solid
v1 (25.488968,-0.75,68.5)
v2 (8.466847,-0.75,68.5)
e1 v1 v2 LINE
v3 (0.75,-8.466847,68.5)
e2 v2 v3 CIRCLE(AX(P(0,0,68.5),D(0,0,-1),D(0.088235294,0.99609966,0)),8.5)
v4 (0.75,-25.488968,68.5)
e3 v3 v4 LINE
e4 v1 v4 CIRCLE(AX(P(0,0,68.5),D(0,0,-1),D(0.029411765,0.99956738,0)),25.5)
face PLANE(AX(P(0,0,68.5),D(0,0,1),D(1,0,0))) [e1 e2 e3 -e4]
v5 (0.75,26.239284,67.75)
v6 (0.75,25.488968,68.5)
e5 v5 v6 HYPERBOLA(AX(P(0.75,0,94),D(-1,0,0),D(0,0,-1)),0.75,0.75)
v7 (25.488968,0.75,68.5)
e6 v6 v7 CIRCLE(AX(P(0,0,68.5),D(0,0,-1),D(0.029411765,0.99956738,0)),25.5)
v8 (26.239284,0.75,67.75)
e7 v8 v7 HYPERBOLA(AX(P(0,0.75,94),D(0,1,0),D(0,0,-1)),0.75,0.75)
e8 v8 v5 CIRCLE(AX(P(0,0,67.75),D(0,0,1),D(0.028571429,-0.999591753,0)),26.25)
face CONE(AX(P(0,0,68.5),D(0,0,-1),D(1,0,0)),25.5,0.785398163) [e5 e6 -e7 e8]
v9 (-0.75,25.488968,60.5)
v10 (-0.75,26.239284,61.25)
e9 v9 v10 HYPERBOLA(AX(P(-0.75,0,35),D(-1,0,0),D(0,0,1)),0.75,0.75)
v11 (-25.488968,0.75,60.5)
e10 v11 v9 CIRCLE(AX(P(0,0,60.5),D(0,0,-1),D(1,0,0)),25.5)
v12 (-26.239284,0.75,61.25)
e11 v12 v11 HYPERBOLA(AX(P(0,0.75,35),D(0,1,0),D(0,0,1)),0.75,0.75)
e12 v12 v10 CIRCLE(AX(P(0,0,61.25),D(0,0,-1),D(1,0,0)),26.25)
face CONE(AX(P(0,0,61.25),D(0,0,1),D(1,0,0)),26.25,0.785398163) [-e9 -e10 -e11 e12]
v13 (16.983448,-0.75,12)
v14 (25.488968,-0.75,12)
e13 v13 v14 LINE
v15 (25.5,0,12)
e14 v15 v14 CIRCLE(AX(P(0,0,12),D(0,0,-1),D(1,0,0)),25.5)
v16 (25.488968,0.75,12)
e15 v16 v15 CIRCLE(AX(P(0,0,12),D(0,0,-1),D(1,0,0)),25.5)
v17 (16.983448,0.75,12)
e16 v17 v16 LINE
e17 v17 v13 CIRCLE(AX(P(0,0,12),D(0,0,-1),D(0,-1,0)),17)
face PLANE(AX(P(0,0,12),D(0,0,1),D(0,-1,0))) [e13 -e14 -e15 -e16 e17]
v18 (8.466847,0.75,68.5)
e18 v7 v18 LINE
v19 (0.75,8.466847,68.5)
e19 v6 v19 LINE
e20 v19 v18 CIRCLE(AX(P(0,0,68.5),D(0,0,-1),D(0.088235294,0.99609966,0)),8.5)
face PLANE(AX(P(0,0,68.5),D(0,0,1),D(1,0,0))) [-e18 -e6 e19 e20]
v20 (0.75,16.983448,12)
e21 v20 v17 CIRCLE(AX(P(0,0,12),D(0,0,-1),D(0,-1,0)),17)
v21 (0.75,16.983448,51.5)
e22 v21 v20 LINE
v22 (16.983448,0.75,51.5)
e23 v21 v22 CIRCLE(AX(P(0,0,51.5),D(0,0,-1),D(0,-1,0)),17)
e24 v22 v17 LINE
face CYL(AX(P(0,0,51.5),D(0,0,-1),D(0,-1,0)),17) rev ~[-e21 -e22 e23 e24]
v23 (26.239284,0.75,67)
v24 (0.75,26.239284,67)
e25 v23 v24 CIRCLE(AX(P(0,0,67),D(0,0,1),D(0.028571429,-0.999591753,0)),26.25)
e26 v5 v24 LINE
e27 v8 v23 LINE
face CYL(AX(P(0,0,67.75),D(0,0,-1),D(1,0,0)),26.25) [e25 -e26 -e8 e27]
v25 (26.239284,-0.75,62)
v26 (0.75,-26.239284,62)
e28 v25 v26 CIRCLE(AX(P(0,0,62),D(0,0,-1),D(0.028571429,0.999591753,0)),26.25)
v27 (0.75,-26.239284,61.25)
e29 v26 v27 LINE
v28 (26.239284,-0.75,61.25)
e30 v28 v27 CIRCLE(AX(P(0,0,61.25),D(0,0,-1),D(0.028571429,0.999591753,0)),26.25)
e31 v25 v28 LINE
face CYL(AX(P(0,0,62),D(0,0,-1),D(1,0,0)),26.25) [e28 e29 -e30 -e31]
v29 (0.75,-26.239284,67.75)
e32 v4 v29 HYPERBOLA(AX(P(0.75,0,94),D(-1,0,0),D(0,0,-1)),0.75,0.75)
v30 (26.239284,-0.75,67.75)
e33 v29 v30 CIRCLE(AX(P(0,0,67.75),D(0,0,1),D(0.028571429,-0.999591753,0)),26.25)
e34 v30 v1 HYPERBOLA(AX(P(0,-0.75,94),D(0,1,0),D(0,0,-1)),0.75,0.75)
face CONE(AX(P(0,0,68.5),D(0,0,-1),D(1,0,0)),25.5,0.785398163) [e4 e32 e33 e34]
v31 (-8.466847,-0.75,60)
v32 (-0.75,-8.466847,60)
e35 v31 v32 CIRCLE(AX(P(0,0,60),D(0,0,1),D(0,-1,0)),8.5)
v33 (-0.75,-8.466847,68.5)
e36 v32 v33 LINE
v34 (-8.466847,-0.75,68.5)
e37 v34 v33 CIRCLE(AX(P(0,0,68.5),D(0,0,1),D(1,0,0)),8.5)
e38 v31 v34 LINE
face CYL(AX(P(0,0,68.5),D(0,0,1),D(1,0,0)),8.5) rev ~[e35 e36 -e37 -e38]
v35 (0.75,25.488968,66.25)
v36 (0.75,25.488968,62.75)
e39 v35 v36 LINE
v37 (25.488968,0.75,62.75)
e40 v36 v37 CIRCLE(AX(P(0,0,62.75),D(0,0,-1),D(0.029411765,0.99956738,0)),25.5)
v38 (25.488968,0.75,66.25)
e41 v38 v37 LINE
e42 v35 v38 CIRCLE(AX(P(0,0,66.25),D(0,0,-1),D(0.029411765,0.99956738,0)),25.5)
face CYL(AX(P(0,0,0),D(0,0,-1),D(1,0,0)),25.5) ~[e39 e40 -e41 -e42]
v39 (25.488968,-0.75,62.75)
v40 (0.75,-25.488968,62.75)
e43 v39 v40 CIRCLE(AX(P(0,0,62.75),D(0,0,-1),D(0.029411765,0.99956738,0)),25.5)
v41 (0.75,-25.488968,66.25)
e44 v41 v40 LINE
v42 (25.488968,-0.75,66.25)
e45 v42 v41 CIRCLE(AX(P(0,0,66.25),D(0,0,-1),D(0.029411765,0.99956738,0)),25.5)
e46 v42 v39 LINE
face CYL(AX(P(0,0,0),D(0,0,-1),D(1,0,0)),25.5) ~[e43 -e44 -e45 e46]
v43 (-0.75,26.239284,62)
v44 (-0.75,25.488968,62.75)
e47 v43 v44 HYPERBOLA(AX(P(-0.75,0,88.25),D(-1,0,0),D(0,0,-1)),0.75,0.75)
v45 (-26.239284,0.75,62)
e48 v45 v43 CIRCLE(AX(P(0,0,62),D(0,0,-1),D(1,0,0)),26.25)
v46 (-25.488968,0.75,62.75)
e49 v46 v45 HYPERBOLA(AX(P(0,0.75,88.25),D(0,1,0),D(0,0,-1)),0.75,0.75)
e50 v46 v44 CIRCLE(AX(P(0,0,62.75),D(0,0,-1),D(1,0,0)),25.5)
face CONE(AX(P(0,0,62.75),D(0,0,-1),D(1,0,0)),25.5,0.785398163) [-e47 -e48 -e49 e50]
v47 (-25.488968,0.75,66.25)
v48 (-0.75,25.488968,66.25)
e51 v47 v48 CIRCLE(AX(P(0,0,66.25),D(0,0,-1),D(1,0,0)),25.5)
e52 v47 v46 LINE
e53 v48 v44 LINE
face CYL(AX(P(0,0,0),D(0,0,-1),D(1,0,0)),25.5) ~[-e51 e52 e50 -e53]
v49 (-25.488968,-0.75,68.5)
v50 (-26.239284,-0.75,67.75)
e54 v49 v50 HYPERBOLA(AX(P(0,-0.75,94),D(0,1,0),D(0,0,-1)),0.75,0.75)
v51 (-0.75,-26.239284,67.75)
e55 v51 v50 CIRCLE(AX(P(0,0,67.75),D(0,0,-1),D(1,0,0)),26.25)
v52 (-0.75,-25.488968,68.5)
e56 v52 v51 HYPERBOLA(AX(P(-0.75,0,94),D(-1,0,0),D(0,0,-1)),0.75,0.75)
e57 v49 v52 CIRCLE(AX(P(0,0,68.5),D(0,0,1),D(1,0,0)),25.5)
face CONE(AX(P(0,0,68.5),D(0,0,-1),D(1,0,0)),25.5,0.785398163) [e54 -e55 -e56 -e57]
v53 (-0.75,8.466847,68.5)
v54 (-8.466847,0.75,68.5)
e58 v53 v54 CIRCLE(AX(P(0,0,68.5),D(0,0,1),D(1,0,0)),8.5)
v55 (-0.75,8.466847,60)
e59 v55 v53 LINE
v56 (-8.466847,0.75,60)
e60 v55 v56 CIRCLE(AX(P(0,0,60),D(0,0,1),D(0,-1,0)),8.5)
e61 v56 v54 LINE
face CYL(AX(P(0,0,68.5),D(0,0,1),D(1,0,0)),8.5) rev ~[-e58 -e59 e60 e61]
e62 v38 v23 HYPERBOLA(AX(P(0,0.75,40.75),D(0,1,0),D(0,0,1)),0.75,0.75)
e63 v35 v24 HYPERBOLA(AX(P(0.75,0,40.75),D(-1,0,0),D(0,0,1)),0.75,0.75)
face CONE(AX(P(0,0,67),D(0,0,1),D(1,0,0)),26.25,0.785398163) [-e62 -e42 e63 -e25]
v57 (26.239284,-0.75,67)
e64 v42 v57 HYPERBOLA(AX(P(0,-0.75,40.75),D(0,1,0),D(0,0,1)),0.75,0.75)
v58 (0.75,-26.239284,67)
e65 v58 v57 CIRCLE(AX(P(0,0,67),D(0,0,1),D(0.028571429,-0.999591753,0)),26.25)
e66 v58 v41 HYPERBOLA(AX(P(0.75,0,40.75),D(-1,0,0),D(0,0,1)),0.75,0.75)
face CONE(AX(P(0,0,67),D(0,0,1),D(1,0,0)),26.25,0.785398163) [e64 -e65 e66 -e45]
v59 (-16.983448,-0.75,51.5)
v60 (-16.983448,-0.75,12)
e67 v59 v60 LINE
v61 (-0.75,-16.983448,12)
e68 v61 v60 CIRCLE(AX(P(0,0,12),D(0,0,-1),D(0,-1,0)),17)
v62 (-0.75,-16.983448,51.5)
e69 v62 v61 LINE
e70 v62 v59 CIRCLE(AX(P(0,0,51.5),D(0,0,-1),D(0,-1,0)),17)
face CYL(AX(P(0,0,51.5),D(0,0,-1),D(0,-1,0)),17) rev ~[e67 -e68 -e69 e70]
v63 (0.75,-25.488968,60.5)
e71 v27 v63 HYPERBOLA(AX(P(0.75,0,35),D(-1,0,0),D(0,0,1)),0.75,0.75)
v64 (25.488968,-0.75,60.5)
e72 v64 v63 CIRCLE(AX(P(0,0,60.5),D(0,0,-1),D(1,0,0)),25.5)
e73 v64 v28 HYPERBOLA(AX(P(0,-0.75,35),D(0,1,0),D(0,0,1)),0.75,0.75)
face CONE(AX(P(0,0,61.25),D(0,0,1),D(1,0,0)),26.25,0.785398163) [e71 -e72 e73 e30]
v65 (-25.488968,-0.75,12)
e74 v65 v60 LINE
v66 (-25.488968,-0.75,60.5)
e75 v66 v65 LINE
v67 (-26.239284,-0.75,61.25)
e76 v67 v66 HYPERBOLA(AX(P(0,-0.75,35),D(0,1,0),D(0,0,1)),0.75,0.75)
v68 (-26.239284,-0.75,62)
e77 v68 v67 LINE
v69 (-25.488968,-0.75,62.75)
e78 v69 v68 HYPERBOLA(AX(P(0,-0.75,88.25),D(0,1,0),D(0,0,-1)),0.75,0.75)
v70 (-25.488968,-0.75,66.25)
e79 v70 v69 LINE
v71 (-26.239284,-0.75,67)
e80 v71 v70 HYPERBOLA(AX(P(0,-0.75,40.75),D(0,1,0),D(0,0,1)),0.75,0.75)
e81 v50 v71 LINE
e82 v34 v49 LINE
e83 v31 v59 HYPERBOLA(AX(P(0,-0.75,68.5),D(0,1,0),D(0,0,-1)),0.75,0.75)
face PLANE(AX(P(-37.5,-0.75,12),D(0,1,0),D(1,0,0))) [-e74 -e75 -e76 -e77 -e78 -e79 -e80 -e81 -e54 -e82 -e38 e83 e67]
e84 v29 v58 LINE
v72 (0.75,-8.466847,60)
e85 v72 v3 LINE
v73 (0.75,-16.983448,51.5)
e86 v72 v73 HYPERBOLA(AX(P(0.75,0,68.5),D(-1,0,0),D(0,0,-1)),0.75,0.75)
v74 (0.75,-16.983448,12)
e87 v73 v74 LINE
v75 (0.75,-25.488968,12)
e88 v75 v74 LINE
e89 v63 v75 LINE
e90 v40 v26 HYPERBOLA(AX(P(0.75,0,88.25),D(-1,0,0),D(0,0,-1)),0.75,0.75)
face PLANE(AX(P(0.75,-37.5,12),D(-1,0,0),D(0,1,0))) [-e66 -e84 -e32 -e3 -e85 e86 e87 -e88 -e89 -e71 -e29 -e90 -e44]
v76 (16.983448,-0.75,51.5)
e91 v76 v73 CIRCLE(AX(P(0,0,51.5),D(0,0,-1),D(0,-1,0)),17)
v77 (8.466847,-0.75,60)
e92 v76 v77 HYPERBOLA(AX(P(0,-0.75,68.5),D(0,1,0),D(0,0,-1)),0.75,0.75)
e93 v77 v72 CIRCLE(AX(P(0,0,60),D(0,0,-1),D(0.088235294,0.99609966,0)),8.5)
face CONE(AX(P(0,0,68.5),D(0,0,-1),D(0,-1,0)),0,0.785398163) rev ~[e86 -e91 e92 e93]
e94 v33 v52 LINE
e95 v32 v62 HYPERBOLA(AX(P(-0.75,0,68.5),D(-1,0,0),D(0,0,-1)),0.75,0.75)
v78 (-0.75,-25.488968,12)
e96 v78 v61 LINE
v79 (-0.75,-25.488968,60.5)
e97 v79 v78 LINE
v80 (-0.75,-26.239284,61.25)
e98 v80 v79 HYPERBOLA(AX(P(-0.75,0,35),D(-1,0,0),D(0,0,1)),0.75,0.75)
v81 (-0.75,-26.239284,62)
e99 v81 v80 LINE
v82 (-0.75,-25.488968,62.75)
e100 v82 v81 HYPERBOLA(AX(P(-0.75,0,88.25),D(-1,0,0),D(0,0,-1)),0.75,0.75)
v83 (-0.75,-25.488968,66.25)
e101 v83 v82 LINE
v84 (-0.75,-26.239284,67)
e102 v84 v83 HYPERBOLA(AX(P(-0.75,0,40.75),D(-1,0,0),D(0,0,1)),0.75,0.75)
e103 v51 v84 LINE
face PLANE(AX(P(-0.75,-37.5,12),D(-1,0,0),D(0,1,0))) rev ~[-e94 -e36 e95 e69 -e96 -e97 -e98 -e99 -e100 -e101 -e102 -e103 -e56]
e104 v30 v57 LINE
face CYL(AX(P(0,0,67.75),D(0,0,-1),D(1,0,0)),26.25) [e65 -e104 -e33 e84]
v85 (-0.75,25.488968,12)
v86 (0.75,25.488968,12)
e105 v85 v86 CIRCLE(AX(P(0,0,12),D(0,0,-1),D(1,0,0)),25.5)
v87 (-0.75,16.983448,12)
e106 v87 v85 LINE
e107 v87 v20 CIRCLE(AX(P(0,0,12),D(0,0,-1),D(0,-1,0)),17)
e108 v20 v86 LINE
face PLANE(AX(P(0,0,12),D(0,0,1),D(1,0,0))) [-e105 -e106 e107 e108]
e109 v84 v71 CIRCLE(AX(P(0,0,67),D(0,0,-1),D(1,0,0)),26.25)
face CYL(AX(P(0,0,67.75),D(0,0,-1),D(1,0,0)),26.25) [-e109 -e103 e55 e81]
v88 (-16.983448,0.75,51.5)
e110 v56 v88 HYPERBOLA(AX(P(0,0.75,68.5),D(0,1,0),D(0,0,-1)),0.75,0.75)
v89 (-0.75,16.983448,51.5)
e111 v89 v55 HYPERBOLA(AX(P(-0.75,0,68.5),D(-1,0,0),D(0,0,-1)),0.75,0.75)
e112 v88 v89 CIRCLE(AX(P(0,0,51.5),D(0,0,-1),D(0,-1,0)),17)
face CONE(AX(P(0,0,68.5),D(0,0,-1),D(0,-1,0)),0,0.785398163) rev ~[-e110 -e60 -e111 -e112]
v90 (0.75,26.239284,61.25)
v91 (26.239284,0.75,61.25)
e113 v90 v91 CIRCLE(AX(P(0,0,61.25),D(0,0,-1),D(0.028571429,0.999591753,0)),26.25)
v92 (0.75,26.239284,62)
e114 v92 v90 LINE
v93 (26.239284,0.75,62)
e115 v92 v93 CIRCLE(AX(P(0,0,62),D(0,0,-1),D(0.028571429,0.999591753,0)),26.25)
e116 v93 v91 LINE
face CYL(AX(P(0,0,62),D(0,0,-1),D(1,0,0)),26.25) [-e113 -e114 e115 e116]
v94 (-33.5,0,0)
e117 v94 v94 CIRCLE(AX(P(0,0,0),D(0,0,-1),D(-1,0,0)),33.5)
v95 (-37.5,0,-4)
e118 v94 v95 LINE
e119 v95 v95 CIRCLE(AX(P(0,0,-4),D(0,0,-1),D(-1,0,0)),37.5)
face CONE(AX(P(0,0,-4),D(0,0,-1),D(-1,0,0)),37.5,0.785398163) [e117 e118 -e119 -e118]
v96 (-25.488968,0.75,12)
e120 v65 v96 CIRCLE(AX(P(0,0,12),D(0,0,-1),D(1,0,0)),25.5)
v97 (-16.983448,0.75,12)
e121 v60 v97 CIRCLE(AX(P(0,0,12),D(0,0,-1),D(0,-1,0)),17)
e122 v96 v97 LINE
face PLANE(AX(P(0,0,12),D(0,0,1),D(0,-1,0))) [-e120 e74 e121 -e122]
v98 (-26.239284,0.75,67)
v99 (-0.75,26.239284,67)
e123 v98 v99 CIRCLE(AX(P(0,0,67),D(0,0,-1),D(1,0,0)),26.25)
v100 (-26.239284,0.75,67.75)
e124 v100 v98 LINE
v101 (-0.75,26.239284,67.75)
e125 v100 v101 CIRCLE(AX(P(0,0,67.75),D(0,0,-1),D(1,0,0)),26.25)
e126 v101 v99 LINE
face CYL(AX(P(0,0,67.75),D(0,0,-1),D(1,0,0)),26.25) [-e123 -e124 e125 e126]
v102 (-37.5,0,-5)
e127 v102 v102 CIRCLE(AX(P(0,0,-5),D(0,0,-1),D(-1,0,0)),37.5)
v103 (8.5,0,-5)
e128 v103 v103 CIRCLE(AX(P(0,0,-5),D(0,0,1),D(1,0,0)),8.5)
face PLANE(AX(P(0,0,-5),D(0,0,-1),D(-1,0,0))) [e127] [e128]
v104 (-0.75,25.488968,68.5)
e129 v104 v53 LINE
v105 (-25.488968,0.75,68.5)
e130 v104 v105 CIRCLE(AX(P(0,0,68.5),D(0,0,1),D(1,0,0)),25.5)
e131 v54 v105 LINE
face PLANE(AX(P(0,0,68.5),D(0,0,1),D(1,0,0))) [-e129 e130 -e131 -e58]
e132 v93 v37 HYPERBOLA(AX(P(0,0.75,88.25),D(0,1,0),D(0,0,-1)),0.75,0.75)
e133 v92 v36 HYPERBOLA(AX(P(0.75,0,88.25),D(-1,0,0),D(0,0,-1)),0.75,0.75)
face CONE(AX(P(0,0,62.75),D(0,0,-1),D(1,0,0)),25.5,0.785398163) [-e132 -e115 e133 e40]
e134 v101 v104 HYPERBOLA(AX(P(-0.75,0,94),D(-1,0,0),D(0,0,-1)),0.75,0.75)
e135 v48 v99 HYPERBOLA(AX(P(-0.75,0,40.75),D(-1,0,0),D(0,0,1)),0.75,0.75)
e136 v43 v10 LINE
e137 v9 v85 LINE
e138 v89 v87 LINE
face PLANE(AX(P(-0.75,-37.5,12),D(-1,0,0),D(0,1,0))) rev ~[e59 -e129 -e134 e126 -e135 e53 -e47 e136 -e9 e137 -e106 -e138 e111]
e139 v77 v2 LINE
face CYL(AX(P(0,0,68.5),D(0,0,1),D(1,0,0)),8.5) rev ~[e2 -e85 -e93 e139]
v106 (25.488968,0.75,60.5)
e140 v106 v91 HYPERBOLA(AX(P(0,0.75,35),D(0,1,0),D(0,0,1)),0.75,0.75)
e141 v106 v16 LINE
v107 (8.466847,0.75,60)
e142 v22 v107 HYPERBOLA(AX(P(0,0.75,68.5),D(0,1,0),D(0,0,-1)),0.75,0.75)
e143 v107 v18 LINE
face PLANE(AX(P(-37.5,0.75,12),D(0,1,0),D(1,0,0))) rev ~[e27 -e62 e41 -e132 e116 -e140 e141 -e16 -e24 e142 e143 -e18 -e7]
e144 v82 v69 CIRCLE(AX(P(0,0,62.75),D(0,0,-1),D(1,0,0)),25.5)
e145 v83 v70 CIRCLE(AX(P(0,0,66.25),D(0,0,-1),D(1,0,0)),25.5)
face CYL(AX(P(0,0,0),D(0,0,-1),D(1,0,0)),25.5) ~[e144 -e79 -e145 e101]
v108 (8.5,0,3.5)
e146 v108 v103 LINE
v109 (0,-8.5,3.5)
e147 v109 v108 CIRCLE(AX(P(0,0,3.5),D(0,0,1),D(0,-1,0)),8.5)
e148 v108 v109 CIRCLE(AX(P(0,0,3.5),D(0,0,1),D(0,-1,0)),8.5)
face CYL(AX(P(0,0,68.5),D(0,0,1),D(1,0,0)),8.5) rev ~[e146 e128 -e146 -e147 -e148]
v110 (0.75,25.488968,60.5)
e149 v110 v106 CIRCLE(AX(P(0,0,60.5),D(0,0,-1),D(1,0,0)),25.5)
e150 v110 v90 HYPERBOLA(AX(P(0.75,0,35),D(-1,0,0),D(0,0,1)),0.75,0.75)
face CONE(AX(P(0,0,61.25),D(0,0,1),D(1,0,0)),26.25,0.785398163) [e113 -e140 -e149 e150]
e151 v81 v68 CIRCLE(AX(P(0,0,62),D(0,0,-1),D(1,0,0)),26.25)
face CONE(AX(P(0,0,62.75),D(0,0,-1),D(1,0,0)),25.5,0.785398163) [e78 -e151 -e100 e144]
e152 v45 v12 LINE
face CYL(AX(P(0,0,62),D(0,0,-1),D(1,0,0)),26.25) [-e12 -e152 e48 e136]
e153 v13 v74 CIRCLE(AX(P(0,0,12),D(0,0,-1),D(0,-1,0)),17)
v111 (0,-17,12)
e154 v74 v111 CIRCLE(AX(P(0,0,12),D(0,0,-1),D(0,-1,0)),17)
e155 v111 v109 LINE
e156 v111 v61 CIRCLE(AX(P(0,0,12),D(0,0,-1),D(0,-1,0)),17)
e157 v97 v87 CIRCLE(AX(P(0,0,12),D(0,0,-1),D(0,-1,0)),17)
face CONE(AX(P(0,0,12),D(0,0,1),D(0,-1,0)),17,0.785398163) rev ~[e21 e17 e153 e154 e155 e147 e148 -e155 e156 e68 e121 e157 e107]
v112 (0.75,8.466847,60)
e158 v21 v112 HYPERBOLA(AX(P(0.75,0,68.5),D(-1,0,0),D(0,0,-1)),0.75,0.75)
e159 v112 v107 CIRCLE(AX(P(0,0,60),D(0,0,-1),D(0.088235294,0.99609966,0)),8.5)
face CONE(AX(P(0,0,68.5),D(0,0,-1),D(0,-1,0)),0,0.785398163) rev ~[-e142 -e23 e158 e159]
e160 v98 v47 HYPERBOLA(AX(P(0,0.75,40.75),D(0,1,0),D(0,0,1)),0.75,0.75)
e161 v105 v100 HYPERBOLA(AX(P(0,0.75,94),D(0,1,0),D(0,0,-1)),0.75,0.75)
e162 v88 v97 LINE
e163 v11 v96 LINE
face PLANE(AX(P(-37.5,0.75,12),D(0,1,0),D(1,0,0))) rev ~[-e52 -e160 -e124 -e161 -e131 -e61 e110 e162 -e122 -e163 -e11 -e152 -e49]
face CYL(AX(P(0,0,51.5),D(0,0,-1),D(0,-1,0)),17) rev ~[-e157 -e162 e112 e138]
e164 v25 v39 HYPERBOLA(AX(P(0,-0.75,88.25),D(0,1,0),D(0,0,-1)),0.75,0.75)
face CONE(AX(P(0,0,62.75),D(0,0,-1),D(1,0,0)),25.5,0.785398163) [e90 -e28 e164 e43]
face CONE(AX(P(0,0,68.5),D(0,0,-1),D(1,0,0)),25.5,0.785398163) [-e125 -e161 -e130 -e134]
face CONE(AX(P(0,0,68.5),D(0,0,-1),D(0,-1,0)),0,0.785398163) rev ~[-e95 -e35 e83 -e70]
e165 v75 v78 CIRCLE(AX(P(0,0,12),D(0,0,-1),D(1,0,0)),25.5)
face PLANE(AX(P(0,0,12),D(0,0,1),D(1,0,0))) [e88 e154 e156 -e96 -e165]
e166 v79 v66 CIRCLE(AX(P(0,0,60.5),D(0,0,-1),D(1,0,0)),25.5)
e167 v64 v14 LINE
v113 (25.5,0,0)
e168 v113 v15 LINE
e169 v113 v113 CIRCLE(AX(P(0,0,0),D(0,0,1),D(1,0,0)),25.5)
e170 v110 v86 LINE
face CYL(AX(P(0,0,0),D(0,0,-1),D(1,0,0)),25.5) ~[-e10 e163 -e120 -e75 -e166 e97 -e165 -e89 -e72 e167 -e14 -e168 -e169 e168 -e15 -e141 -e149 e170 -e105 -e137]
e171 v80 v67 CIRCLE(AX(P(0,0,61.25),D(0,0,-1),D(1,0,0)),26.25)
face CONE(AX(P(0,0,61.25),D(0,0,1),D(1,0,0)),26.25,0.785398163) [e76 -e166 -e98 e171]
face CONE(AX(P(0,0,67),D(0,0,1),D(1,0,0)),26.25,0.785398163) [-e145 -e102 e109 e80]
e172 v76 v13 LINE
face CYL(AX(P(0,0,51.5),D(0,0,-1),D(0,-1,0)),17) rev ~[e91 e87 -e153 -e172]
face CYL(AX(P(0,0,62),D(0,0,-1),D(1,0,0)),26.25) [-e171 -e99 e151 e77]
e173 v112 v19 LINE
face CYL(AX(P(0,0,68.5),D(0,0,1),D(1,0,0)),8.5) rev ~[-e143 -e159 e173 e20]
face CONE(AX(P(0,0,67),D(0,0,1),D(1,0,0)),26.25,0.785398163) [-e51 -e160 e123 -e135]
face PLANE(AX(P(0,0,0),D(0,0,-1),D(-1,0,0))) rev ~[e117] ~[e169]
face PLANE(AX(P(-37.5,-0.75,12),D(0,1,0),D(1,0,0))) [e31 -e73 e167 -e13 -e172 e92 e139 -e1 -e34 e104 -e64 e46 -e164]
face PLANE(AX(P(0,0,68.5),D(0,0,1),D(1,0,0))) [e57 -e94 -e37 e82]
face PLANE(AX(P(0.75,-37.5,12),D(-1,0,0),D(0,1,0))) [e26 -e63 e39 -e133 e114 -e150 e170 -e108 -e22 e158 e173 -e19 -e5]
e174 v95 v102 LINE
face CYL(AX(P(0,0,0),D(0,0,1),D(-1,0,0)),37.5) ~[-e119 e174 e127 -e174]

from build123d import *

# Parameters (mm, degrees)
AXLE_BASE_SKETCH_R        = 25.5
AXLE_DEPTH                = 68.5
GUARD_BASE_R              = 37.5
GUARD_DEPTH               = 5
INNER_AXLE_HOLE_BASE_R    = 8.5
INNER_AXLE_HOLE_DEPTH     = 74.5
BEND_START                = -56.5
BEND_ROOM_BASE_W          = 1.5
BEND_ROOM_BASE_H          = 75
BEND_ROOM_1_DEPTH         = 56.500001
BEND_ROOM_2_COUNT         = 2
BEND_ROOM_2_ANGLE         = 90
EASY_REMOVAL_CHAMFER_SIZE = 4


with BuildPart() as part:
    # Axle base sketch → Axle (new body)
    with BuildSketch(Plane.XY):
        Circle(AXLE_BASE_SKETCH_R)
    extrude(amount=AXLE_DEPTH)

    # Guard base → Guard (add)
    with BuildSketch(Plane(origin=(0, 0, 0), x_dir=(-1, 0, 0), z_dir=(0, 0, -1))):
        Circle(GUARD_BASE_R)
    extrude(amount=GUARD_DEPTH)

    # Inner axle hole base → Inner axle hole (cut, through all)
    with BuildSketch(Plane.XY.offset(68.5)):
        Circle(INNER_AXLE_HOLE_BASE_R)
    extrude(amount=-INNER_AXLE_HOLE_DEPTH, mode=Mode.SUBTRACT)

    # Mate ring base → Mate rings (revolve)
    with BuildSketch(Plane(origin=(0, 0, 0), x_dir=(1, 0, 0), z_dir=(0, 1, 0))):
        Polygon((25.5, -68.5), (26.25, -67.75), (26.25, -67), (25.5, -66.25), align=None)
        Polygon((25.5, -62.75), (26.25, -62), (26.25, -61.25), (25.5, -60.5), align=None)
    revolve(axis=Axis((0, 0, 0), (0, 0, -1)))

    # Inner mass remove base → Inner mass remove (revolve, cut)
    with BuildSketch(Plane(origin=(0, 0, 0), x_dir=(0, 0, -1), z_dir=(1, 0, 0))):
        Polygon((-68.5, 0), (-51.5, -17), (-12, -17), (5, 0), align=None)
    revolve(axis=Axis((0, 0, 0), (0, 0, -1)), mode=Mode.SUBTRACT)

    # Bend room base → Bend room 1 (cut)
    with BuildSketch(Plane.XY.offset(68.5).offset(BEND_START)):
        Rectangle(BEND_ROOM_BASE_W, BEND_ROOM_BASE_H)
    bend_room_1 = extrude(amount=BEND_ROOM_1_DEPTH, mode=Mode.SUBTRACT)

    # Bend room 2: Bend room 1 ×2 about axis
    bend_room_2_axis = Axis((0, 0, 0), (0, 0, -1))
    for i in range(1, BEND_ROOM_2_COUNT):
        add(bend_room_1.rotate(bend_room_2_axis, i * BEND_ROOM_2_ANGLE / (BEND_ROOM_2_COUNT - 1)), mode=Mode.SUBTRACT)

    # Easy removal chamfer
    easy_removal_chamfer_edges = [part.edges().sort_by_distance(p)[0] for p in [
        (37.5, 0, 0),
    ]]
    chamfer(easy_removal_chamfer_edges, length=EASY_REMOVAL_CHAMFER_SIZE)


solid = part.part
